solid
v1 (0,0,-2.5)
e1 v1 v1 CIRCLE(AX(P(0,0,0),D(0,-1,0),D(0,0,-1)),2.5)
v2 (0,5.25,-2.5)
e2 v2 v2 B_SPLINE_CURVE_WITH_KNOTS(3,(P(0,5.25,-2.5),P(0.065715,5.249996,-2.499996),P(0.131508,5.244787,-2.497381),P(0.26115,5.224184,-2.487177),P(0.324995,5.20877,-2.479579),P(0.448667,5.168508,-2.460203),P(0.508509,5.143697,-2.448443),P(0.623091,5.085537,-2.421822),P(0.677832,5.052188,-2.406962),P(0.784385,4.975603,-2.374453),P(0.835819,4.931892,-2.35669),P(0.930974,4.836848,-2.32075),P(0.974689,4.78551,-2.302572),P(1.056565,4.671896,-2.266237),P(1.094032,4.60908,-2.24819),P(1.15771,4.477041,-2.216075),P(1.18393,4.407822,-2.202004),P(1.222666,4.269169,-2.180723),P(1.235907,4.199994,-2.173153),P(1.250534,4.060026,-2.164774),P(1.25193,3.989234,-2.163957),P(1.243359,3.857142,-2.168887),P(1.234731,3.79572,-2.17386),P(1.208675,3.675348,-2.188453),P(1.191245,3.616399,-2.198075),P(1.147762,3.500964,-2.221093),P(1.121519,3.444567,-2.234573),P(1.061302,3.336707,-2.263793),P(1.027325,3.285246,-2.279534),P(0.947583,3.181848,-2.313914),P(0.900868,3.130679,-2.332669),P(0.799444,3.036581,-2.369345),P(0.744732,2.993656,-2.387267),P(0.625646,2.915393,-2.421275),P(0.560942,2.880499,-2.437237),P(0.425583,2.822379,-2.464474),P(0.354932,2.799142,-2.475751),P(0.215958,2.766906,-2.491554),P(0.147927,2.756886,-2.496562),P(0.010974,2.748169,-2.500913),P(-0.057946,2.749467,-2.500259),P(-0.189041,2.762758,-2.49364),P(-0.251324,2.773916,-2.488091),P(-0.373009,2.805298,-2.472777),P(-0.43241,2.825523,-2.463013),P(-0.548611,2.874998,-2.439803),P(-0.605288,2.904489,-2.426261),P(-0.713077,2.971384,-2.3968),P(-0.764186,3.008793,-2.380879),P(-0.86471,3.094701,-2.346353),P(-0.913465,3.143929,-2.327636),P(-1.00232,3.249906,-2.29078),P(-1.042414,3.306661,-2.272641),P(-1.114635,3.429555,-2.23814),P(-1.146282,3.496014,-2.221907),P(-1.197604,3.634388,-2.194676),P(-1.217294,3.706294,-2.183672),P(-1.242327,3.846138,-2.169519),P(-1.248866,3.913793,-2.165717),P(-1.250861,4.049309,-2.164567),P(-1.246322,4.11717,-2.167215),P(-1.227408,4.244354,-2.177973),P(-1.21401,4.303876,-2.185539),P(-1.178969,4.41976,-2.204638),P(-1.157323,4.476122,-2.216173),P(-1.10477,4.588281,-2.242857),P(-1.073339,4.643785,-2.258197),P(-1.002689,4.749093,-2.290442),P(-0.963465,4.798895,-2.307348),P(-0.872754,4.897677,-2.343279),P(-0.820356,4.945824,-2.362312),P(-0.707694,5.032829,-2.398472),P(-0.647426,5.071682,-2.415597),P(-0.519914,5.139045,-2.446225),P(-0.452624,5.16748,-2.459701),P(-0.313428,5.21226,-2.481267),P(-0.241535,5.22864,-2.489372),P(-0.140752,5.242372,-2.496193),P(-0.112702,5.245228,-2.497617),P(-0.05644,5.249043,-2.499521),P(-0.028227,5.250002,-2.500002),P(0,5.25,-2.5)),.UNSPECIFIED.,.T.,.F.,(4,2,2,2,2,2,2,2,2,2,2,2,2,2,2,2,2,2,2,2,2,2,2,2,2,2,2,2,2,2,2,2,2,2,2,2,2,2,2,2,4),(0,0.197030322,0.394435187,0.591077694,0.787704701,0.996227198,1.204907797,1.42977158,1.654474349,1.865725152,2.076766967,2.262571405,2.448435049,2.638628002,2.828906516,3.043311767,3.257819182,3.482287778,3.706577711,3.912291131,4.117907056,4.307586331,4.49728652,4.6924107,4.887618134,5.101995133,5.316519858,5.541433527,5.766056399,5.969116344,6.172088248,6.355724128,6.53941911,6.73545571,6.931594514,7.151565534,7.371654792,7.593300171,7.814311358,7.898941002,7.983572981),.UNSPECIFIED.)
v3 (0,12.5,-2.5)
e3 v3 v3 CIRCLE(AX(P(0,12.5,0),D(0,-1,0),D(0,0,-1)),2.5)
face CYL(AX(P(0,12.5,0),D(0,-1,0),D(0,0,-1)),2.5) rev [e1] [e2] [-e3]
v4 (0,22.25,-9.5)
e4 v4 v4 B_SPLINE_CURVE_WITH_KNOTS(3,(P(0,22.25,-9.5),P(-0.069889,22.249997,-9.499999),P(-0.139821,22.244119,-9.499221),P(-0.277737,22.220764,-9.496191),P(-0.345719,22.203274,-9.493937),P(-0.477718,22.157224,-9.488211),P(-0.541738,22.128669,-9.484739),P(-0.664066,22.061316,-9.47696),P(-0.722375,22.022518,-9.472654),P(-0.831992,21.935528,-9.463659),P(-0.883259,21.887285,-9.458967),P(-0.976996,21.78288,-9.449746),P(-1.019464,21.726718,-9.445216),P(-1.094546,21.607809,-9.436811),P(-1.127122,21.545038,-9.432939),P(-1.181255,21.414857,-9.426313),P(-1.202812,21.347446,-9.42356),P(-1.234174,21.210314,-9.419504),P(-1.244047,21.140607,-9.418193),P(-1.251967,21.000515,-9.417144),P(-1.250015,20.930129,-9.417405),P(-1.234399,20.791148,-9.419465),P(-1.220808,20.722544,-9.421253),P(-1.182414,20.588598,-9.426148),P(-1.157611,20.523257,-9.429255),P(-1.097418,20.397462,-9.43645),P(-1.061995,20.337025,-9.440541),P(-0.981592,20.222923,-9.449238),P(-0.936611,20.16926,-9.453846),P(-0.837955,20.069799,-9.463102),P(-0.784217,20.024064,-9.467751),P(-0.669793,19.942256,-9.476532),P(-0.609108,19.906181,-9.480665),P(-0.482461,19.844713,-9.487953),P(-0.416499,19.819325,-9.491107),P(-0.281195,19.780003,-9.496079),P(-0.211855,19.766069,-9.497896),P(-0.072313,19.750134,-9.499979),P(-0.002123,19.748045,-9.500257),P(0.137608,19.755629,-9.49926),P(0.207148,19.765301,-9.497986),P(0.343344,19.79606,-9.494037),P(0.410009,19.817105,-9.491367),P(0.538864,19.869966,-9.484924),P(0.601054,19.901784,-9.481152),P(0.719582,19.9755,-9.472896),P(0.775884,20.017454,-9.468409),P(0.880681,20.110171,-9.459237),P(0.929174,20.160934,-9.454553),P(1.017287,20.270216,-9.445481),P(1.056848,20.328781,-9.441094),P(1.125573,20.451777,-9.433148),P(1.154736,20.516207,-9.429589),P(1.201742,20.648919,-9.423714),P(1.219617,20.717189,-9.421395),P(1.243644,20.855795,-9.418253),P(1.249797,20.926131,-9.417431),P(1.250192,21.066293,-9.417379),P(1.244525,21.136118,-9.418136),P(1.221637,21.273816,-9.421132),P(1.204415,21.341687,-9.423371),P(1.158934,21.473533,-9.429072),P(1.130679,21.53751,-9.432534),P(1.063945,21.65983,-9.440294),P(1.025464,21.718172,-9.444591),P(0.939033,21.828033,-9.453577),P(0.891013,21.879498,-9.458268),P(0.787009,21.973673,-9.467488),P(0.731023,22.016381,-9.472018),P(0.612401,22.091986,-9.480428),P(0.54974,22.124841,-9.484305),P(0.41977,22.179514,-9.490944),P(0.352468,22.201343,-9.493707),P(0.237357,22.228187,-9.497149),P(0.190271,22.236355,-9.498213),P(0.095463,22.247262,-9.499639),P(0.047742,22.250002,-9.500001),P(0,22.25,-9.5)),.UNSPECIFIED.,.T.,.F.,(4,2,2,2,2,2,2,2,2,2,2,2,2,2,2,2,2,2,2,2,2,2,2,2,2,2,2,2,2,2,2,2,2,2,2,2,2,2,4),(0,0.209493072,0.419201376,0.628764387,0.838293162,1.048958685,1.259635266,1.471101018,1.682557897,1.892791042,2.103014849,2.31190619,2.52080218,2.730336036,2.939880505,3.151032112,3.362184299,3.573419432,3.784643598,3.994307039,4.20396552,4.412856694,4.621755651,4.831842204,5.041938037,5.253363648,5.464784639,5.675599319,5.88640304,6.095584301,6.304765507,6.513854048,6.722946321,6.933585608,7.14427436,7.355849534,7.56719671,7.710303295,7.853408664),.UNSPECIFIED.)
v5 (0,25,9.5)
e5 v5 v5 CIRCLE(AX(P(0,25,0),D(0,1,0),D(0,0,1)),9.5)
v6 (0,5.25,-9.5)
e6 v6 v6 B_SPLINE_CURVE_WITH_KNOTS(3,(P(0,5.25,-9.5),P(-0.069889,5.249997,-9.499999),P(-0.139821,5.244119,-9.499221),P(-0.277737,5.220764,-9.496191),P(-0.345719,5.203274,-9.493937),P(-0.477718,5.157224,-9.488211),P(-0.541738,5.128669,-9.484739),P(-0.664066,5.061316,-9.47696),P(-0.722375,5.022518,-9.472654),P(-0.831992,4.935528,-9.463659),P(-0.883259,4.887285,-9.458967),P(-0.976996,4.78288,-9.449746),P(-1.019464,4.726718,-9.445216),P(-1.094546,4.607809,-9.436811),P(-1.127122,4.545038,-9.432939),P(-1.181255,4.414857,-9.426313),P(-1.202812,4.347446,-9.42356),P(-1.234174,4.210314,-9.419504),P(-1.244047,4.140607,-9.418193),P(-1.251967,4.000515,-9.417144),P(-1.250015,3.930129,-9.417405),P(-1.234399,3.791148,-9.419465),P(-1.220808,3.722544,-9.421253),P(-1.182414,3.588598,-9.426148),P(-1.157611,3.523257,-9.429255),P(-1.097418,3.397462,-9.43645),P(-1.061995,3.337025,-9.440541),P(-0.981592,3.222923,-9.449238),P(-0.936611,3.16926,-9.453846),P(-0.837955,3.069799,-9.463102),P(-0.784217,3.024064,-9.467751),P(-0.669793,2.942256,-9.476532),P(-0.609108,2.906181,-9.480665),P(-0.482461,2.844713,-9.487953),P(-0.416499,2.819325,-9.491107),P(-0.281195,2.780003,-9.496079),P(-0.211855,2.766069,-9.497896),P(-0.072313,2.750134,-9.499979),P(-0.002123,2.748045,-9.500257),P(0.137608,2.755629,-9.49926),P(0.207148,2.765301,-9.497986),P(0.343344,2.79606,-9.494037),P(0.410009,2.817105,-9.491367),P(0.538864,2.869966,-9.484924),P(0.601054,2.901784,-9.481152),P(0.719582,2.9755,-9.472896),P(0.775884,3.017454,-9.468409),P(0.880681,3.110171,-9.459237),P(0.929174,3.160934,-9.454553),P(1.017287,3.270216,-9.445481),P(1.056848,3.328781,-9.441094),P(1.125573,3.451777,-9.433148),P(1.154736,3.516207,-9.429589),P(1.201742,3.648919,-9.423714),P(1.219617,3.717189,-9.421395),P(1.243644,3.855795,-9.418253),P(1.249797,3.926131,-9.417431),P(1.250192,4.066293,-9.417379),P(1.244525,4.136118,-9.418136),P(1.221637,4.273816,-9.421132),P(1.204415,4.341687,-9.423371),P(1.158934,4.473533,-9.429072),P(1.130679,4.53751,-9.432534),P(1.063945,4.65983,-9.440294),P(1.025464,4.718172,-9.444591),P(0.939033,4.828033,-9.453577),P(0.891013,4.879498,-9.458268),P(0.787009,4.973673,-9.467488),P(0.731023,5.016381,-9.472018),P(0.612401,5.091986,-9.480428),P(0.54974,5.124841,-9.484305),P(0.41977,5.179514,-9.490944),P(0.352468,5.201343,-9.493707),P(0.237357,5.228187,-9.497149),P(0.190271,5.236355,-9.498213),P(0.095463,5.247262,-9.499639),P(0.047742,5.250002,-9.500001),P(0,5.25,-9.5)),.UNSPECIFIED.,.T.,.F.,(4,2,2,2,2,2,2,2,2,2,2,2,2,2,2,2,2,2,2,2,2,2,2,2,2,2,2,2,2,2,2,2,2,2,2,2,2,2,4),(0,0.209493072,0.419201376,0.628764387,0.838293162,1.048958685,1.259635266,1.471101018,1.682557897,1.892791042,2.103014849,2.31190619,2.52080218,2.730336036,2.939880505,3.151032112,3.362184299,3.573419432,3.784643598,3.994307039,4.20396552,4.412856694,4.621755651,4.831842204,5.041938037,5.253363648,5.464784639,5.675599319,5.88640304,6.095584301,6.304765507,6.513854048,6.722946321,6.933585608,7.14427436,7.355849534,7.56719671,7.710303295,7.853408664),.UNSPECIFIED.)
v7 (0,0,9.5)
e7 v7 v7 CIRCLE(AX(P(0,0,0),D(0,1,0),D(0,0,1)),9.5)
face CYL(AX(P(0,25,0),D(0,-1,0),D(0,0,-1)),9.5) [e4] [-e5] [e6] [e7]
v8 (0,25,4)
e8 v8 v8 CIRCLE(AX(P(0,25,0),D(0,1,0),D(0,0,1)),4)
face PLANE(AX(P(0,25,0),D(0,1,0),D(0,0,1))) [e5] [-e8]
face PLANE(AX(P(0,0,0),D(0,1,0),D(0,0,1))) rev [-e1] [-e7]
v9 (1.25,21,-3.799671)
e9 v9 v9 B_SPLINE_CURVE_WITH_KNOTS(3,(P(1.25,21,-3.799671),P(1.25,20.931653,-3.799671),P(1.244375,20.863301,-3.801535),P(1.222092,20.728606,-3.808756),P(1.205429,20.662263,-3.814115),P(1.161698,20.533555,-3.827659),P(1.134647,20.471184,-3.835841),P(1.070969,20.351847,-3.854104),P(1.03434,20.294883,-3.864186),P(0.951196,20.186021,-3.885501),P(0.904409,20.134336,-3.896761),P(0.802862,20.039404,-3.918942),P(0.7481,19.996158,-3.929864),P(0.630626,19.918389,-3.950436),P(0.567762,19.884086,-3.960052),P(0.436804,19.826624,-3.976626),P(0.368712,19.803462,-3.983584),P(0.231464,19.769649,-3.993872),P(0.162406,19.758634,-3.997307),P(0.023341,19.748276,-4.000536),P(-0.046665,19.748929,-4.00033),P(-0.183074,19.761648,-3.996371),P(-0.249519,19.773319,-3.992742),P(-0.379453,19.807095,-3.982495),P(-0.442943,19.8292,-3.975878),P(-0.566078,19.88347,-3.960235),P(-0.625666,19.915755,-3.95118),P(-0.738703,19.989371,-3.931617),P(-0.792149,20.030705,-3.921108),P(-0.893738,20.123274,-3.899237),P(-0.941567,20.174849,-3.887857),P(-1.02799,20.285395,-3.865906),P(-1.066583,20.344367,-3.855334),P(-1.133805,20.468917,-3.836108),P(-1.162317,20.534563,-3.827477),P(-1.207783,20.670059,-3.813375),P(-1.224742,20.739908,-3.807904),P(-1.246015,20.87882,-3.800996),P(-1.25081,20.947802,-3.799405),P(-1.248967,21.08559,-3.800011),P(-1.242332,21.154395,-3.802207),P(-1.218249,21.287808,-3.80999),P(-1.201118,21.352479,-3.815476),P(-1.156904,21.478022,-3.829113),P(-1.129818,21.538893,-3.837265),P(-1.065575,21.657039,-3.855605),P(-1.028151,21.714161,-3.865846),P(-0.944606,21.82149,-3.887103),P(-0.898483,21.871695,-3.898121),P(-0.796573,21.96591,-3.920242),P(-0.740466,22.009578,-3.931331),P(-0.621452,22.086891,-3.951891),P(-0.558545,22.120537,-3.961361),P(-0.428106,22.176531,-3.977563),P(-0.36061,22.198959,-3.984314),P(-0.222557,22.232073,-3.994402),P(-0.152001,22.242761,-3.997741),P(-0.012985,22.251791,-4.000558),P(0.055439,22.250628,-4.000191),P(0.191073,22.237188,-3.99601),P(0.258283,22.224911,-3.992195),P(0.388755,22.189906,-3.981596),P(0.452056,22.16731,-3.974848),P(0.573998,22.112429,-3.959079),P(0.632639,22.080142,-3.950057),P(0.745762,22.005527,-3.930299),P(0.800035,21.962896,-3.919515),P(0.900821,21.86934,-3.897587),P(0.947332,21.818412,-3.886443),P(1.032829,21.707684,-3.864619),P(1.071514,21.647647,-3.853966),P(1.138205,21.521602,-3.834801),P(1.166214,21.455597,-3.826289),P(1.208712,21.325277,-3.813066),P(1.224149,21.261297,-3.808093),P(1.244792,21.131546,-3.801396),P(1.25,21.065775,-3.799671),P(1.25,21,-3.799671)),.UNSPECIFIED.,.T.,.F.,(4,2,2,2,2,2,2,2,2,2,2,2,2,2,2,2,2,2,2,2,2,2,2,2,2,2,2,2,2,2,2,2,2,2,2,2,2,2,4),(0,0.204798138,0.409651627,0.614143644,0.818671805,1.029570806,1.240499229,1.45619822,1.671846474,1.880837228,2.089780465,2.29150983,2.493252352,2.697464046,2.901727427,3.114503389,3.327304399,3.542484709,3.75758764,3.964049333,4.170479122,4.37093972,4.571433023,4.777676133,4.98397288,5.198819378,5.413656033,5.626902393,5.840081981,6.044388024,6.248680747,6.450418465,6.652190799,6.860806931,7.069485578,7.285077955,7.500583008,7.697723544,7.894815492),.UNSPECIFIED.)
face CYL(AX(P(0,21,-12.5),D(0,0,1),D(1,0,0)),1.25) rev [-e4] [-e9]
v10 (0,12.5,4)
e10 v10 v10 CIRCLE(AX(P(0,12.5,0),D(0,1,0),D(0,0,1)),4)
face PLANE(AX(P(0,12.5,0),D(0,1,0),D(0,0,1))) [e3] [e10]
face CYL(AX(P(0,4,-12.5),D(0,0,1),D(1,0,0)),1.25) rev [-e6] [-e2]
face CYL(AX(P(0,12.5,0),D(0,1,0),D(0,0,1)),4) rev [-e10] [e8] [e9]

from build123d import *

# Parameters (mm, degrees)
SKETCH1_R           = 9.5
BOSS_EXTRUDE1_DEPTH = 25
SKETCH2_R           = 4
CUT_EXTRUDE1_DEPTH  = 12.5
SKETCH3_R           = 2.5
CUT_EXTRUDE2_DEPTH  = 12.5
SKETCH4_R           = 1.25
CUT_EXTRUDE3_DEPTH  = 12.5


with BuildPart() as part:
    # Sketch1 → Boss-Extrude1 (new body)
    with BuildSketch(Plane(origin=(0, 0, 0), x_dir=(1, 0, 0), z_dir=(0, 1, 0))):
        with Locations(Location((0, 0, 0), (0, 0, 270))):
            Circle(SKETCH1_R)
    extrude(amount=BOSS_EXTRUDE1_DEPTH)

    # Sketch2 → Cut-Extrude1 (cut)
    with BuildSketch(Plane(origin=(0, 25, 0), x_dir=(1, 0, 0), z_dir=(0, 1, 0))):
        with Locations(Location((0, 0, 0), (0, 0, 270))):
            Circle(SKETCH2_R)
    extrude(amount=-CUT_EXTRUDE1_DEPTH, mode=Mode.SUBTRACT)

    # Sketch3 → Cut-Extrude2 (cut)
    with BuildSketch(Plane.XZ):
        with Locations(Location((0, 0, 0), (0, 0, 270))):
            Circle(SKETCH3_R)
    extrude(amount=-CUT_EXTRUDE2_DEPTH, mode=Mode.SUBTRACT)

    # Sketch4 → Cut-Extrude3 (cut)
    with BuildSketch(Plane.XY):
        with Locations(Location((0, 4, 0), (0, 0, 90))):
            Circle(SKETCH4_R)
        with Locations((0, 21)):
            Circle(SKETCH4_R)
    extrude(amount=-CUT_EXTRUDE3_DEPTH, mode=Mode.SUBTRACT)


solid = part.part
